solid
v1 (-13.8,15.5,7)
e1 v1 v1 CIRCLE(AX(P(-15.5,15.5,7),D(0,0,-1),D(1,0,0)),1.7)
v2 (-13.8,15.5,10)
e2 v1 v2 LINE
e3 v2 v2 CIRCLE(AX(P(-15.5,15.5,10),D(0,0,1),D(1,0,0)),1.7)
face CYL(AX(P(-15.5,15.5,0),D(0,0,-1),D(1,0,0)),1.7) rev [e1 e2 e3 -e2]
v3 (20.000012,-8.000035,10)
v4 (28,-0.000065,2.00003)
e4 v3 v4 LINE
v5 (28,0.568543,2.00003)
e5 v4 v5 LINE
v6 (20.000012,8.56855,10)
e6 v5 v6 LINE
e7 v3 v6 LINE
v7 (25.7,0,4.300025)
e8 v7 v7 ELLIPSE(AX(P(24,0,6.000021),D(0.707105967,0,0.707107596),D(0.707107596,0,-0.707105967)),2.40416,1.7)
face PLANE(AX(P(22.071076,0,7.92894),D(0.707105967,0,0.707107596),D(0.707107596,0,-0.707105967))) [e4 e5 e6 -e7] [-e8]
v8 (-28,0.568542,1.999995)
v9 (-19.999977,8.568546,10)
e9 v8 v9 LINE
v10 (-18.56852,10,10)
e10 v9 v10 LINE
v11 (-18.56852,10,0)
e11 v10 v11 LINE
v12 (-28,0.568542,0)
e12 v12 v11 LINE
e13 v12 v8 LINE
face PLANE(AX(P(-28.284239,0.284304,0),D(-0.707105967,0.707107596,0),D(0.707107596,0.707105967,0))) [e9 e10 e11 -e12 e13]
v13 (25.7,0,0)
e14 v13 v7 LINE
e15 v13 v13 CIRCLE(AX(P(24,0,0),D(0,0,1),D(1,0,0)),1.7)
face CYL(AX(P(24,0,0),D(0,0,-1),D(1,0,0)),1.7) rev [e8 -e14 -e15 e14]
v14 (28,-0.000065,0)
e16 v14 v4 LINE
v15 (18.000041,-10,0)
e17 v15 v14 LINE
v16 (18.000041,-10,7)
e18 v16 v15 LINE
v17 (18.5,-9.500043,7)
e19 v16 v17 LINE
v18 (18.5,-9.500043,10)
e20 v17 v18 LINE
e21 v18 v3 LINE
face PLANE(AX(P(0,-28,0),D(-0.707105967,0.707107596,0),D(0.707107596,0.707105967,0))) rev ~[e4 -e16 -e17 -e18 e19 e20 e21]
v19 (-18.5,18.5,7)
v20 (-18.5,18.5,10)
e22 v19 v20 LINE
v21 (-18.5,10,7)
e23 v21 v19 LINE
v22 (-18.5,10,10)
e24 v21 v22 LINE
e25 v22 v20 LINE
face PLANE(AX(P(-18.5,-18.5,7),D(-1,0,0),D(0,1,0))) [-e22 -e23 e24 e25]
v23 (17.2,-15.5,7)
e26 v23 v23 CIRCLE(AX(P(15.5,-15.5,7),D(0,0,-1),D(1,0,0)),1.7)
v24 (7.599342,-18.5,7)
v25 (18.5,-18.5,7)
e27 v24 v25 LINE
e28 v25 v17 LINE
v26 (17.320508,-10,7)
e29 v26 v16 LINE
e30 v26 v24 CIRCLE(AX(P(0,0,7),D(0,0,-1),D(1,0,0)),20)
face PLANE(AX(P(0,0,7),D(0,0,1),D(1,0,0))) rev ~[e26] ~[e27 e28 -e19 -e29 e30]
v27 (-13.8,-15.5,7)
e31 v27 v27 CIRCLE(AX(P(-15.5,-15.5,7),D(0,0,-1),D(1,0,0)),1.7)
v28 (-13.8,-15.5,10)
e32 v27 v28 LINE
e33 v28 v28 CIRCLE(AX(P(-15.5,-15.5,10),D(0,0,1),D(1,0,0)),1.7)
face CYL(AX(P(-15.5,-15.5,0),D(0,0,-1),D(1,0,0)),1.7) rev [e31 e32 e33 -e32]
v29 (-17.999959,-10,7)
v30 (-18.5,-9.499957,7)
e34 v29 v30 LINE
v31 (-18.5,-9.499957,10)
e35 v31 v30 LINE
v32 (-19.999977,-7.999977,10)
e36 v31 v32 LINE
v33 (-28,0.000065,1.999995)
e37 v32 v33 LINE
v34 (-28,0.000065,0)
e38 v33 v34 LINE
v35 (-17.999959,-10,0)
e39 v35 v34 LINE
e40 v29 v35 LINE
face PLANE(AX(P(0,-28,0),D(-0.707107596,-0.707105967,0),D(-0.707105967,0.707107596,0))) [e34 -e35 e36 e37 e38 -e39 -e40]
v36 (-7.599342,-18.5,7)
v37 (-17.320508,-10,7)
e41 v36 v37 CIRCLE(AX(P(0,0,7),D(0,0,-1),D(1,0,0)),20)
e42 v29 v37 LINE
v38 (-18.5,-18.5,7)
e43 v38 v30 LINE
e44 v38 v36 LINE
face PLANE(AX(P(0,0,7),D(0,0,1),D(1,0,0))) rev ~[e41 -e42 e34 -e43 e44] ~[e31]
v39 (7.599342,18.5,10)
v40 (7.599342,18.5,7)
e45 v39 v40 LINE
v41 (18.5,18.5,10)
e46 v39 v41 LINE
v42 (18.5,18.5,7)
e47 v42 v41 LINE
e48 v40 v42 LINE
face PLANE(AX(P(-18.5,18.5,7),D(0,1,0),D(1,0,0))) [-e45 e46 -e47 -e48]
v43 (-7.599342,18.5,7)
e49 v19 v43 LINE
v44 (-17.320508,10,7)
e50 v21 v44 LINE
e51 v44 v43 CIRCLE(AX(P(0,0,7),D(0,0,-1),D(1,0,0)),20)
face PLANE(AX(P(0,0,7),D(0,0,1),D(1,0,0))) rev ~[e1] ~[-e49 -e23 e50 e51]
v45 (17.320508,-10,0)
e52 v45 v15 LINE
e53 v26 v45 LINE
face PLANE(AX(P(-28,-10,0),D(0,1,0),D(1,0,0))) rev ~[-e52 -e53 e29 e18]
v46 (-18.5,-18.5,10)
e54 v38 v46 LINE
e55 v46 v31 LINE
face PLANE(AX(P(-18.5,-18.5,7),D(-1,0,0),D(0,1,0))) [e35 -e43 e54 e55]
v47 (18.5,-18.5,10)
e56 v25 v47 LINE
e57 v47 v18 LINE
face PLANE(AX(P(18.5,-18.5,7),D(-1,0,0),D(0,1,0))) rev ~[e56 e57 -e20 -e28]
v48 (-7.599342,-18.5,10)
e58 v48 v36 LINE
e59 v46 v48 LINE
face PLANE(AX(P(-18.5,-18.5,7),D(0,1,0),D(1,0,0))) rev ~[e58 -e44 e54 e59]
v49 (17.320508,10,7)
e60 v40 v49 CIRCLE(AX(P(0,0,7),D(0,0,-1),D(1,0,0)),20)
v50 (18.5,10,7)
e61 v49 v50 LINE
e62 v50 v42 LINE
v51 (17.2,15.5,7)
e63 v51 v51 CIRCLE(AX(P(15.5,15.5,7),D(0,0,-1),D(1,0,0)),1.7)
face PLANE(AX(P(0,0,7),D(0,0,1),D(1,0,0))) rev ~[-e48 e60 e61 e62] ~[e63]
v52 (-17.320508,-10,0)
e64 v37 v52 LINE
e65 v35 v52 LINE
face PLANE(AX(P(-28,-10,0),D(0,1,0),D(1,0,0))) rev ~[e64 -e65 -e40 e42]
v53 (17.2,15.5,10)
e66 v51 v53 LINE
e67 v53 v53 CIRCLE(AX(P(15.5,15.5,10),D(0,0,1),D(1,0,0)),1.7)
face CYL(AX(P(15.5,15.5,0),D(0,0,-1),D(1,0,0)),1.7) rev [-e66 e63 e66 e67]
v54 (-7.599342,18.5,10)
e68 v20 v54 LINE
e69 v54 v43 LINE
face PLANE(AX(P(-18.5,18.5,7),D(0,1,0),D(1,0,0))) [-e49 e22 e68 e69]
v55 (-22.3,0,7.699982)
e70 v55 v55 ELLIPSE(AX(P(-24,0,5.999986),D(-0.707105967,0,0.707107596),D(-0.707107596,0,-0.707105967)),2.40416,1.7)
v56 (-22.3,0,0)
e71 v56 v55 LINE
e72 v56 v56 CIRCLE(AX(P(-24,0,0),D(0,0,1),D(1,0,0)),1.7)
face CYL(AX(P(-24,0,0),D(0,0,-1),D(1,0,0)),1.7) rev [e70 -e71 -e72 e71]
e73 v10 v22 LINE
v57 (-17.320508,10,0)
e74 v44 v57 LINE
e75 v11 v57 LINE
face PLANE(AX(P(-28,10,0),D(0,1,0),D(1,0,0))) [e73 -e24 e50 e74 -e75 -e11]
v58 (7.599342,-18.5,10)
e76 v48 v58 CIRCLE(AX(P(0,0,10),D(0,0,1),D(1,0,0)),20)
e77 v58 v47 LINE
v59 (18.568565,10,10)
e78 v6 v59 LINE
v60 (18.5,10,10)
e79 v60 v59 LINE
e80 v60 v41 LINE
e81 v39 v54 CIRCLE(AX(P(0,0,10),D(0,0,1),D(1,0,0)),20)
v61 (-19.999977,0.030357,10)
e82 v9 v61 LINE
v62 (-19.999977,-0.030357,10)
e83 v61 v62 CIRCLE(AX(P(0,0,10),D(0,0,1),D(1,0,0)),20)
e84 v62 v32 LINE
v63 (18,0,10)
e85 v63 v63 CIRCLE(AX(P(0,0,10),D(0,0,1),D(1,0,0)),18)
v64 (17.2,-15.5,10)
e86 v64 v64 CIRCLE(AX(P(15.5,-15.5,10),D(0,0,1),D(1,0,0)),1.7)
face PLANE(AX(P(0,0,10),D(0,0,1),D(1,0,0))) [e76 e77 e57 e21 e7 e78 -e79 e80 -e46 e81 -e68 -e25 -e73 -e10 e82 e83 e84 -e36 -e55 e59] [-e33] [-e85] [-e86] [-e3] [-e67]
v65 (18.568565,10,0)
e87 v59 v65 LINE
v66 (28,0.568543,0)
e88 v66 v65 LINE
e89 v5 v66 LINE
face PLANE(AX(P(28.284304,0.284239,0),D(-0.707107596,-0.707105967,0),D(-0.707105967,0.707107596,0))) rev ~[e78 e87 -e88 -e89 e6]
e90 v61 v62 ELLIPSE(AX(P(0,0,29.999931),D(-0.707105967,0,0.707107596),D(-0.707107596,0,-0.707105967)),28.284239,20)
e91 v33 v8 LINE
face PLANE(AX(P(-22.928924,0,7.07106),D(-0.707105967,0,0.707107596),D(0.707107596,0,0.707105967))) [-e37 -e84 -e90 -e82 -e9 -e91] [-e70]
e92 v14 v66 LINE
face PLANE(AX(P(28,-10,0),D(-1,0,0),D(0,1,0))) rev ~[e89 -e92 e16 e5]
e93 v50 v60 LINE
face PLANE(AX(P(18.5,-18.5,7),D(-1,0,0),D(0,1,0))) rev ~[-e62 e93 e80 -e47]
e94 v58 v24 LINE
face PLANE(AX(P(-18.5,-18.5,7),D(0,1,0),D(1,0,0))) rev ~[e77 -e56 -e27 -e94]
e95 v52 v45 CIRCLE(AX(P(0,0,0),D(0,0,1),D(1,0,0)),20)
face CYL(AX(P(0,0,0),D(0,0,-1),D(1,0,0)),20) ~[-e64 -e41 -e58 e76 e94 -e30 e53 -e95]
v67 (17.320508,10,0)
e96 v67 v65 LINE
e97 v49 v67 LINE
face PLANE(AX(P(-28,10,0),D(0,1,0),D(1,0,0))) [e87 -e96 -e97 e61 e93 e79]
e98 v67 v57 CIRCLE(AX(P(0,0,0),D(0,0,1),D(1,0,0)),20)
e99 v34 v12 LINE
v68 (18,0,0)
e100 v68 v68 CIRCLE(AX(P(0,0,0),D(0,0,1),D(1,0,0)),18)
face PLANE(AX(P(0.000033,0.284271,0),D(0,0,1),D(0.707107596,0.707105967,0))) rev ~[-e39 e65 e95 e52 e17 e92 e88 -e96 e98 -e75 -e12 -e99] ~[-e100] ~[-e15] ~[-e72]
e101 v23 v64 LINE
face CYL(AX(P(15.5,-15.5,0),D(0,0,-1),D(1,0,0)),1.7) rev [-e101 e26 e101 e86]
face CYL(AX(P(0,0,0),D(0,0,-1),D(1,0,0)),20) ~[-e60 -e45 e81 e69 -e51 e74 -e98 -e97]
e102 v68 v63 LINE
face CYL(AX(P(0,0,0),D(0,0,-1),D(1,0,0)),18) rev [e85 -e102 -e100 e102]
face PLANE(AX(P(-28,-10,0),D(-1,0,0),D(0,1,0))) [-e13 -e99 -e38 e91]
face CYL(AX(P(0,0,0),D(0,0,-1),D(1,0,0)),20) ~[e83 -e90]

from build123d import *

# Parameters (mm, degrees)
CYLINDER004_R          = 18
CYLINDER004_DEPTH      = 10
CYLINDER002_R          = 1.7
CYLINDER002_DEPTH      = 10
CYLINDER001_R          = 1.7
CYLINDER001_DEPTH      = 10
CYLINDER003_R          = 1.7
CYLINDER003_DEPTH      = 10
CYLINDER_R             = 1.7
CYLINDER_DEPTH         = 10
BOX_W                  = 37
BOX_H                  = 37
BOX_DEPTH              = 3
CYLINDER005_R          = 20
CYLINDER005_DEPTH      = 10
CYLINDER006_R          = 1.7
CYLINDER006_DEPTH      = 10
CYLINDER007_R          = 1.7
CYLINDER007_DEPTH      = 10
BOX004_W               = 20
BOX004_H               = 20
BOX004_DEPTH           = 10
BOX004_PITCH_ANGLE     = -44.999934
BOX003_W               = 20
BOX003_H               = 20
BOX003_DEPTH           = 10
BOX003_PITCH_ANGLE     = 44.999934
BOX002_W               = 56
BOX002_H               = 20
BOX002_DEPTH           = 10
BOX001_W               = 40
BOX001_H               = 40
BOX001_DEPTH           = 10
BOX001_PLACEMENT_ANGLE = 44.999934


with BuildPart() as kanal:
    # Cylinder004 → Cylinder004 (new body)
    with BuildSketch(Plane.XY):
        Circle(CYLINDER004_R)
    extrude(amount=CYLINDER004_DEPTH)


with BuildPart() as cylinder002:
    # Cylinder002 → Cylinder002 (new body)
    with BuildSketch(Plane(origin=(31, 31, 0), x_dir=(1, 0, 0), z_dir=(0, 0, 1))):
        Circle(CYLINDER002_R)
    extrude(amount=CYLINDER002_DEPTH)


with BuildPart() as cylinder001:
    # Cylinder001 → Cylinder001 (new body)
    with BuildSketch(Plane(origin=(31, 0, 0), x_dir=(1, 0, 0), z_dir=(0, 0, 1))):
        Circle(CYLINDER001_R)
    extrude(amount=CYLINDER001_DEPTH)


with BuildPart() as cylinder003:
    # Cylinder003 → Cylinder003 (new body)
    with BuildSketch(Plane(origin=(0, 31, 0), x_dir=(1, 0, 0), z_dir=(0, 0, 1))):
        Circle(CYLINDER003_R)
    extrude(amount=CYLINDER003_DEPTH)


with BuildPart() as bohrungen_f_r_l_fter_oben:
    # Cylinder → Cylinder (new body)
    with BuildSketch(Plane.XY):
        Circle(CYLINDER_R)
    extrude(amount=CYLINDER_DEPTH)

    # Fusion: union Cylinder002, Cylinder001, Cylinder003
    add(cylinder002.part)
    add(cylinder001.part)
    add(cylinder003.part)


with BuildPart() as bohrungen_f_r_l_fter_oben_1:
    # Fusion placement: moved
    add(bohrungen_f_r_l_fter_oben.part.moved(Location((-15.5, -15.5, 0))))


with BuildPart() as halter_oben_mit_bohrungen:
    # Box → Box (new body)
    with BuildSketch(Plane(origin=(-18.5, -18.5, 7), x_dir=(1, 0, 0), z_dir=(0, 0, 1))):
        with Locations((18.5, 18.5)):
            Rectangle(BOX_W, BOX_H)
    extrude(amount=BOX_DEPTH)

    # Cut001: cut Bohrungen für Lüfter oben
    add(bohrungen_f_r_l_fter_oben_1.part, mode=Mode.SUBTRACT)


with BuildPart() as basis:
    # Cylinder005 → Cylinder005 (new body)
    with BuildSketch(Plane.XY):
        Circle(CYLINDER005_R)
    extrude(amount=CYLINDER005_DEPTH)


with BuildPart() as cylinder006:
    # Cylinder006 → Cylinder006 (new body)
    with BuildSketch(Plane(origin=(-24, 0, 0), x_dir=(1, 0, 0), z_dir=(0, 0, 1))):
        Circle(CYLINDER006_R)
    extrude(amount=CYLINDER006_DEPTH)


with BuildPart() as buhrungen_unten:
    # Cylinder007 → Cylinder007 (new body)
    with BuildSketch(Plane(origin=(24, 0, 0), x_dir=(1, 0, 0), z_dir=(0, 0, 1))):
        Circle(CYLINDER007_R)
    extrude(amount=CYLINDER007_DEPTH)

    # Fusion001: union Cylinder006
    add(cylinder006.part)


with BuildPart() as box004:
    # Box004 → Box004 (new body)
    with BuildSketch(Plane.XY):
        with Locations((10, 10)):
            Rectangle(BOX004_W, BOX004_H)
    extrude(amount=BOX004_DEPTH)


with BuildPart() as box004_1:
    # Box004 pitch: moved
    add(box004.part.rotate(Axis((0, 0, 0), (0, 1, 0)), BOX004_PITCH_ANGLE))


with BuildPart() as box004_2:
    # Box004 placement: moved
    add(box004_1.part.moved(Location((-30, -10, 0))))


with BuildPart() as abschnitt:
    # Box003 → Box003 (new body)
    with BuildSketch(Plane.XY):
        with Locations((10, 10)):
            Rectangle(BOX003_W, BOX003_H)
    extrude(amount=BOX003_DEPTH)


with BuildPart() as abschnitt_1:
    # Box003 pitch: moved
    add(abschnitt.part.rotate(Axis((0, 0, 0), (0, 1, 0)), BOX003_PITCH_ANGLE))


with BuildPart() as abschnitt_2:
    # Box003 placement: moved
    add(abschnitt_1.part.moved(Location((15, -10, 15))))

    # Fusion002: union Box004
    add(box004_2.part)


with BuildPart() as halter_unten_zuschnitt001:
    # Box002 → Box002 (new body)
    with BuildSketch(Plane(origin=(-28, -10, 0), x_dir=(1, 0, 0), z_dir=(0, 0, 1))):
        with Locations((28, 10)):
            Rectangle(BOX002_W, BOX002_H)
    extrude(amount=BOX002_DEPTH)

    # Cut: cut Abschnitt
    add(abschnitt_2.part, mode=Mode.SUBTRACT)


with BuildPart() as l_fterhalter:
    # Box001 → Box001 (new body)
    with BuildSketch(Plane.XY):
        with Locations((20, 20)):
            Rectangle(BOX001_W, BOX001_H)
    extrude(amount=BOX001_DEPTH)


with BuildPart() as l_fterhalter_1:
    # Box001 placement: moved
    add(l_fterhalter.part.moved(Location((0, -28, 0))).rotate(Axis((0, -28, 0), (0, 0, 1)), BOX001_PLACEMENT_ANGLE))

    # Common: intersect Halter unten Zuschnitt001
    add(halter_unten_zuschnitt001.part, mode=Mode.INTERSECT)

    # Cut002: cut Buhrungen unten
    add(buhrungen_unten.part, mode=Mode.SUBTRACT)

    # Fusion003: union Halter oben mit Bohrungen, Basis
    add(halter_oben_mit_bohrungen.part)
    add(basis.part)

    # Cut003: cut Kanal
    add(kanal.part, mode=Mode.SUBTRACT)


solid = l_fterhalter_1.part
